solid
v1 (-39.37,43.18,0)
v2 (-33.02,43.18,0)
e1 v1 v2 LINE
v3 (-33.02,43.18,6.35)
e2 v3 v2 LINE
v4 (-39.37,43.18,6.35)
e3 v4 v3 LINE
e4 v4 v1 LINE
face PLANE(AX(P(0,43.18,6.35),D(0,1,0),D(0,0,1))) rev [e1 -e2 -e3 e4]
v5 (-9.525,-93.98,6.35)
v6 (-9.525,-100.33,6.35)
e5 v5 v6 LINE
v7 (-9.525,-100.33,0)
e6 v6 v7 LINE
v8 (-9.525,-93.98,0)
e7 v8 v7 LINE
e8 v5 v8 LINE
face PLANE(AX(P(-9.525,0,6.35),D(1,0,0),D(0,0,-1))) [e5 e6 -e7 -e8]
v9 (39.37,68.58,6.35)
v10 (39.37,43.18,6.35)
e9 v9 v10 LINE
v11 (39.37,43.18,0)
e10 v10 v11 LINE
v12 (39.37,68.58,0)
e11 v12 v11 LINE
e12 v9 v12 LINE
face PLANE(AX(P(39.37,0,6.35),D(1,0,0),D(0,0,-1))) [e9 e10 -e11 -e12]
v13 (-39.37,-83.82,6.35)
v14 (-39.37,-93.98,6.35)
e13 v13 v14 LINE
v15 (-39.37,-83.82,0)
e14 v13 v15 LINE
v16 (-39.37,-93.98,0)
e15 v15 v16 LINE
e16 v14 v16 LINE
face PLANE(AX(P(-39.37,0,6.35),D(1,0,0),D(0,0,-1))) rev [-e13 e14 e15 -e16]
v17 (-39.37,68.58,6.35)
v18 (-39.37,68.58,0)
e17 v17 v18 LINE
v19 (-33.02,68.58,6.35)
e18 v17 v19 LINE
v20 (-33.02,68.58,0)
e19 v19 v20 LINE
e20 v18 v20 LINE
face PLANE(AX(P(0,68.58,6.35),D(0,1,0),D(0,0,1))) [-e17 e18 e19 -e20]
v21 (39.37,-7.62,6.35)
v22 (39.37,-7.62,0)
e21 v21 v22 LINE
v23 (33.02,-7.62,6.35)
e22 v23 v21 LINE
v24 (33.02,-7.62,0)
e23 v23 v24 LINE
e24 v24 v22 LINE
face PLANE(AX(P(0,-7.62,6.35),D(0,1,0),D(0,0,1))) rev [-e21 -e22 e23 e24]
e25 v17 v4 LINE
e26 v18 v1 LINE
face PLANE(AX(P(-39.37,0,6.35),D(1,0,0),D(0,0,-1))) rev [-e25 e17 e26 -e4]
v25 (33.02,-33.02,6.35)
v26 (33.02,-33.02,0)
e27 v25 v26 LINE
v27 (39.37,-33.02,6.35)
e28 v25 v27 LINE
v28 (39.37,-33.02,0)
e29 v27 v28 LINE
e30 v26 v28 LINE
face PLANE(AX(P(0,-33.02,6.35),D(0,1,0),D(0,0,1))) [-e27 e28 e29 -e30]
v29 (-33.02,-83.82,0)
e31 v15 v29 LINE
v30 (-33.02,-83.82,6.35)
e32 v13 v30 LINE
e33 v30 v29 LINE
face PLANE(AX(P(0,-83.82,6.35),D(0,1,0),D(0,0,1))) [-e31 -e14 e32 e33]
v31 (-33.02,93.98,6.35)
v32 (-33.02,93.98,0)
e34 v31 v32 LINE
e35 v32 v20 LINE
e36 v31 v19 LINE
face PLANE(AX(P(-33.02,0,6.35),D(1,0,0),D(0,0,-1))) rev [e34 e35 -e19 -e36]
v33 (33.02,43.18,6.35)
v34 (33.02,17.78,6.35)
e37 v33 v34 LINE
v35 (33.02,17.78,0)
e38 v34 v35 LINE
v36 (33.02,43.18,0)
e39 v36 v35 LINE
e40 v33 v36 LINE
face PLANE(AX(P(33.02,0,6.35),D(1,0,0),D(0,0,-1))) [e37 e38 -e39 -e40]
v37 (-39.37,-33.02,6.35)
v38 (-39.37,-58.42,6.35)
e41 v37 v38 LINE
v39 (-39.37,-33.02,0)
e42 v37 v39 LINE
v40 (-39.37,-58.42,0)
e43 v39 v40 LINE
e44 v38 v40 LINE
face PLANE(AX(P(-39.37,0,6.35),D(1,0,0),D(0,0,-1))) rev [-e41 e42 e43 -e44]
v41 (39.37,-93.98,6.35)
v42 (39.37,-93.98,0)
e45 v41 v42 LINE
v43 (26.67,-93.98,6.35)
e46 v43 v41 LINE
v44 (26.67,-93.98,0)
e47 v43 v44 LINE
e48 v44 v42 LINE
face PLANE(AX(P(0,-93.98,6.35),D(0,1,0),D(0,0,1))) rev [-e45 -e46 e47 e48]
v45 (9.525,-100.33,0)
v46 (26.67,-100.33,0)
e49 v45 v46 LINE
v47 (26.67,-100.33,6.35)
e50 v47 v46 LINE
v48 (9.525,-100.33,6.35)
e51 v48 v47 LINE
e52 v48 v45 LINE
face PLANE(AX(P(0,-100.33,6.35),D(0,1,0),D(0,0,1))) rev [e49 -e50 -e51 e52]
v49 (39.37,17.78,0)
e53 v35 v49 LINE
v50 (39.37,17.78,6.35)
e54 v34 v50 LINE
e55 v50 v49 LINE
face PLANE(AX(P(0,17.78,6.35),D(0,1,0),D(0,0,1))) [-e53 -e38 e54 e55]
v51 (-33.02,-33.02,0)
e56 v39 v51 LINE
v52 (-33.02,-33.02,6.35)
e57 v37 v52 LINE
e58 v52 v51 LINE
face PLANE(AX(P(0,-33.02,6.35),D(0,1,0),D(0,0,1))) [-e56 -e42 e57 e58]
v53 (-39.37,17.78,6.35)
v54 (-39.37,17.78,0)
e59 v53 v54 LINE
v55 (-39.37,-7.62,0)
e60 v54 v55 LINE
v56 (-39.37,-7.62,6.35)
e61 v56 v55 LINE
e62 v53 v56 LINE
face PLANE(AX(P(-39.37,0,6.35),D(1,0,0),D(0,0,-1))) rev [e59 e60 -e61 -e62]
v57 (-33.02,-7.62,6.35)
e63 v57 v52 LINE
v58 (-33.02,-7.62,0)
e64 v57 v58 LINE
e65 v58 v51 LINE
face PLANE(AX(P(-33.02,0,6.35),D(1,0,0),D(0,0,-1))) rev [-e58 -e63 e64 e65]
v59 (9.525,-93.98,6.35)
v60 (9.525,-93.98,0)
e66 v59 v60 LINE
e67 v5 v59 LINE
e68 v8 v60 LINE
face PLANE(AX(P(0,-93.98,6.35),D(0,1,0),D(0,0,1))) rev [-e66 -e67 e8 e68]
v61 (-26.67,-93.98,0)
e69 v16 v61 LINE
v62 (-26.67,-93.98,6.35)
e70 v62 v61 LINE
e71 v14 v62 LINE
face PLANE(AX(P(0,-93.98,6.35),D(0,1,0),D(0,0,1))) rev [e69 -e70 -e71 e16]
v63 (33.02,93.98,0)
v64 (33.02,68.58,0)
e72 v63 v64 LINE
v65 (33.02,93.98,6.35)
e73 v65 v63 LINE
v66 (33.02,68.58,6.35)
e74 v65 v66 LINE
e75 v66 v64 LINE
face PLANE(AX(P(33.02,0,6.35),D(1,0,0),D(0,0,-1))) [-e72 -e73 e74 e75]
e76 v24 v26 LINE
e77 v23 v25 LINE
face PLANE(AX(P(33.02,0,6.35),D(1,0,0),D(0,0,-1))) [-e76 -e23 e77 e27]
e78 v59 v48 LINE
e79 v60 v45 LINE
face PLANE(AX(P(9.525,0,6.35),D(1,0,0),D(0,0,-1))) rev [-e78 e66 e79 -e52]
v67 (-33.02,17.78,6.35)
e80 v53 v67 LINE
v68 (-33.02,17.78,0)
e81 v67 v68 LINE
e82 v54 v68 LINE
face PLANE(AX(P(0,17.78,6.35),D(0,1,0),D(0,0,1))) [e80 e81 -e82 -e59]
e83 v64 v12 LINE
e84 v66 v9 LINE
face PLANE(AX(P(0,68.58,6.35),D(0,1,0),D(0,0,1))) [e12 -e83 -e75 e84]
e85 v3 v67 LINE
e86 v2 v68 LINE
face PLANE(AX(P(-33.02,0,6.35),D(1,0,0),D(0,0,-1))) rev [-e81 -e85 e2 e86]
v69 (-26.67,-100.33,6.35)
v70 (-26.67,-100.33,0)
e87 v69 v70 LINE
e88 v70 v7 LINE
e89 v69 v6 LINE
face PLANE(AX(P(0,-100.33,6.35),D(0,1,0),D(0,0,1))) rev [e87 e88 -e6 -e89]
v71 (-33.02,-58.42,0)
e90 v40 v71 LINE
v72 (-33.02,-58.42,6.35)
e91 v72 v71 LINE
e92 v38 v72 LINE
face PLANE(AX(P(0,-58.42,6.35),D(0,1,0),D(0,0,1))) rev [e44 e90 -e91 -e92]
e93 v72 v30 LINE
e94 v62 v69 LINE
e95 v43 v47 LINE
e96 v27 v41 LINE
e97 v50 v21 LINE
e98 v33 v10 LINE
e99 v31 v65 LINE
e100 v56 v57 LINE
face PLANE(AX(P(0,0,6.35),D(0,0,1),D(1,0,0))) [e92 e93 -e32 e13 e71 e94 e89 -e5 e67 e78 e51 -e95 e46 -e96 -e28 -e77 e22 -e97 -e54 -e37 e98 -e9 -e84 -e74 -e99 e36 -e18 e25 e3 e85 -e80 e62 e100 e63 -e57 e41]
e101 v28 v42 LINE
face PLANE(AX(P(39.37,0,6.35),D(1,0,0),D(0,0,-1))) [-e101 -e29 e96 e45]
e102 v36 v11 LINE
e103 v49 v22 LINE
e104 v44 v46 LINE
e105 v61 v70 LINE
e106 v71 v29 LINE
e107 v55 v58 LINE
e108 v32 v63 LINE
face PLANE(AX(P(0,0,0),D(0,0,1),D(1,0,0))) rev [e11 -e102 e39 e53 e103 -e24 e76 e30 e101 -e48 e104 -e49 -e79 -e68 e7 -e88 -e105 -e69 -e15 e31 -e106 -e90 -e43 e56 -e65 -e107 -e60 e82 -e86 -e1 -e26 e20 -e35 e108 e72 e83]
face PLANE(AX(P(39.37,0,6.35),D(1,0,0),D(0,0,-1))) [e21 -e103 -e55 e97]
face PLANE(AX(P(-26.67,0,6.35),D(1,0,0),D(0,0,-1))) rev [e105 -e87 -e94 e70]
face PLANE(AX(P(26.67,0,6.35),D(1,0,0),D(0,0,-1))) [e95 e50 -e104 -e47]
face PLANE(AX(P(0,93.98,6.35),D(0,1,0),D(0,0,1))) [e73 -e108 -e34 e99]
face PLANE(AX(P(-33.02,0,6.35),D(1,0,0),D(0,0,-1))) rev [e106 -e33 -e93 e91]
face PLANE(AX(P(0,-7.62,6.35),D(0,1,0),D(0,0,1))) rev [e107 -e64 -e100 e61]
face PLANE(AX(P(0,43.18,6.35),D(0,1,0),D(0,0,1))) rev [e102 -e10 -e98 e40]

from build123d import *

# Parameters (mm, degrees)
BOSS_EXTRUDE1_DEPTH = 6.35


with BuildPart() as part:
    # Sketch2 → Boss-Extrude1 (new body)
    with BuildSketch(Plane.XY):
        Polygon((26.67, -100.33), (26.67, -93.98), (39.37, -93.98), (39.37, -33.02), (33.02, -33.02), (33.02, -7.62), (39.37, -7.62), (39.37, 17.78), (33.02, 17.78), (33.02, 43.18), (39.37, 43.18), (39.37, 68.58), (33.02, 68.58), (33.02, 93.98), (-33.02, 93.98), (-33.02, 68.58), (-39.37, 68.58), (-39.37, 43.18), (-33.02, 43.18), (-33.02, 17.78), (-39.37, 17.78), (-39.37, -7.62), (-33.02, -7.62), (-33.02, -33.02), (-39.37, -33.02), (-39.37, -58.42), (-33.02, -58.42), (-33.02, -83.82), (-39.37, -83.82), (-39.37, -93.98), (-26.67, -93.98), (-26.67, -100.33), (-9.525, -100.33), (-9.525, -93.98), (9.525, -93.98), (9.525, -100.33), align=None)
    extrude(amount=BOSS_EXTRUDE1_DEPTH)


solid = part.part
